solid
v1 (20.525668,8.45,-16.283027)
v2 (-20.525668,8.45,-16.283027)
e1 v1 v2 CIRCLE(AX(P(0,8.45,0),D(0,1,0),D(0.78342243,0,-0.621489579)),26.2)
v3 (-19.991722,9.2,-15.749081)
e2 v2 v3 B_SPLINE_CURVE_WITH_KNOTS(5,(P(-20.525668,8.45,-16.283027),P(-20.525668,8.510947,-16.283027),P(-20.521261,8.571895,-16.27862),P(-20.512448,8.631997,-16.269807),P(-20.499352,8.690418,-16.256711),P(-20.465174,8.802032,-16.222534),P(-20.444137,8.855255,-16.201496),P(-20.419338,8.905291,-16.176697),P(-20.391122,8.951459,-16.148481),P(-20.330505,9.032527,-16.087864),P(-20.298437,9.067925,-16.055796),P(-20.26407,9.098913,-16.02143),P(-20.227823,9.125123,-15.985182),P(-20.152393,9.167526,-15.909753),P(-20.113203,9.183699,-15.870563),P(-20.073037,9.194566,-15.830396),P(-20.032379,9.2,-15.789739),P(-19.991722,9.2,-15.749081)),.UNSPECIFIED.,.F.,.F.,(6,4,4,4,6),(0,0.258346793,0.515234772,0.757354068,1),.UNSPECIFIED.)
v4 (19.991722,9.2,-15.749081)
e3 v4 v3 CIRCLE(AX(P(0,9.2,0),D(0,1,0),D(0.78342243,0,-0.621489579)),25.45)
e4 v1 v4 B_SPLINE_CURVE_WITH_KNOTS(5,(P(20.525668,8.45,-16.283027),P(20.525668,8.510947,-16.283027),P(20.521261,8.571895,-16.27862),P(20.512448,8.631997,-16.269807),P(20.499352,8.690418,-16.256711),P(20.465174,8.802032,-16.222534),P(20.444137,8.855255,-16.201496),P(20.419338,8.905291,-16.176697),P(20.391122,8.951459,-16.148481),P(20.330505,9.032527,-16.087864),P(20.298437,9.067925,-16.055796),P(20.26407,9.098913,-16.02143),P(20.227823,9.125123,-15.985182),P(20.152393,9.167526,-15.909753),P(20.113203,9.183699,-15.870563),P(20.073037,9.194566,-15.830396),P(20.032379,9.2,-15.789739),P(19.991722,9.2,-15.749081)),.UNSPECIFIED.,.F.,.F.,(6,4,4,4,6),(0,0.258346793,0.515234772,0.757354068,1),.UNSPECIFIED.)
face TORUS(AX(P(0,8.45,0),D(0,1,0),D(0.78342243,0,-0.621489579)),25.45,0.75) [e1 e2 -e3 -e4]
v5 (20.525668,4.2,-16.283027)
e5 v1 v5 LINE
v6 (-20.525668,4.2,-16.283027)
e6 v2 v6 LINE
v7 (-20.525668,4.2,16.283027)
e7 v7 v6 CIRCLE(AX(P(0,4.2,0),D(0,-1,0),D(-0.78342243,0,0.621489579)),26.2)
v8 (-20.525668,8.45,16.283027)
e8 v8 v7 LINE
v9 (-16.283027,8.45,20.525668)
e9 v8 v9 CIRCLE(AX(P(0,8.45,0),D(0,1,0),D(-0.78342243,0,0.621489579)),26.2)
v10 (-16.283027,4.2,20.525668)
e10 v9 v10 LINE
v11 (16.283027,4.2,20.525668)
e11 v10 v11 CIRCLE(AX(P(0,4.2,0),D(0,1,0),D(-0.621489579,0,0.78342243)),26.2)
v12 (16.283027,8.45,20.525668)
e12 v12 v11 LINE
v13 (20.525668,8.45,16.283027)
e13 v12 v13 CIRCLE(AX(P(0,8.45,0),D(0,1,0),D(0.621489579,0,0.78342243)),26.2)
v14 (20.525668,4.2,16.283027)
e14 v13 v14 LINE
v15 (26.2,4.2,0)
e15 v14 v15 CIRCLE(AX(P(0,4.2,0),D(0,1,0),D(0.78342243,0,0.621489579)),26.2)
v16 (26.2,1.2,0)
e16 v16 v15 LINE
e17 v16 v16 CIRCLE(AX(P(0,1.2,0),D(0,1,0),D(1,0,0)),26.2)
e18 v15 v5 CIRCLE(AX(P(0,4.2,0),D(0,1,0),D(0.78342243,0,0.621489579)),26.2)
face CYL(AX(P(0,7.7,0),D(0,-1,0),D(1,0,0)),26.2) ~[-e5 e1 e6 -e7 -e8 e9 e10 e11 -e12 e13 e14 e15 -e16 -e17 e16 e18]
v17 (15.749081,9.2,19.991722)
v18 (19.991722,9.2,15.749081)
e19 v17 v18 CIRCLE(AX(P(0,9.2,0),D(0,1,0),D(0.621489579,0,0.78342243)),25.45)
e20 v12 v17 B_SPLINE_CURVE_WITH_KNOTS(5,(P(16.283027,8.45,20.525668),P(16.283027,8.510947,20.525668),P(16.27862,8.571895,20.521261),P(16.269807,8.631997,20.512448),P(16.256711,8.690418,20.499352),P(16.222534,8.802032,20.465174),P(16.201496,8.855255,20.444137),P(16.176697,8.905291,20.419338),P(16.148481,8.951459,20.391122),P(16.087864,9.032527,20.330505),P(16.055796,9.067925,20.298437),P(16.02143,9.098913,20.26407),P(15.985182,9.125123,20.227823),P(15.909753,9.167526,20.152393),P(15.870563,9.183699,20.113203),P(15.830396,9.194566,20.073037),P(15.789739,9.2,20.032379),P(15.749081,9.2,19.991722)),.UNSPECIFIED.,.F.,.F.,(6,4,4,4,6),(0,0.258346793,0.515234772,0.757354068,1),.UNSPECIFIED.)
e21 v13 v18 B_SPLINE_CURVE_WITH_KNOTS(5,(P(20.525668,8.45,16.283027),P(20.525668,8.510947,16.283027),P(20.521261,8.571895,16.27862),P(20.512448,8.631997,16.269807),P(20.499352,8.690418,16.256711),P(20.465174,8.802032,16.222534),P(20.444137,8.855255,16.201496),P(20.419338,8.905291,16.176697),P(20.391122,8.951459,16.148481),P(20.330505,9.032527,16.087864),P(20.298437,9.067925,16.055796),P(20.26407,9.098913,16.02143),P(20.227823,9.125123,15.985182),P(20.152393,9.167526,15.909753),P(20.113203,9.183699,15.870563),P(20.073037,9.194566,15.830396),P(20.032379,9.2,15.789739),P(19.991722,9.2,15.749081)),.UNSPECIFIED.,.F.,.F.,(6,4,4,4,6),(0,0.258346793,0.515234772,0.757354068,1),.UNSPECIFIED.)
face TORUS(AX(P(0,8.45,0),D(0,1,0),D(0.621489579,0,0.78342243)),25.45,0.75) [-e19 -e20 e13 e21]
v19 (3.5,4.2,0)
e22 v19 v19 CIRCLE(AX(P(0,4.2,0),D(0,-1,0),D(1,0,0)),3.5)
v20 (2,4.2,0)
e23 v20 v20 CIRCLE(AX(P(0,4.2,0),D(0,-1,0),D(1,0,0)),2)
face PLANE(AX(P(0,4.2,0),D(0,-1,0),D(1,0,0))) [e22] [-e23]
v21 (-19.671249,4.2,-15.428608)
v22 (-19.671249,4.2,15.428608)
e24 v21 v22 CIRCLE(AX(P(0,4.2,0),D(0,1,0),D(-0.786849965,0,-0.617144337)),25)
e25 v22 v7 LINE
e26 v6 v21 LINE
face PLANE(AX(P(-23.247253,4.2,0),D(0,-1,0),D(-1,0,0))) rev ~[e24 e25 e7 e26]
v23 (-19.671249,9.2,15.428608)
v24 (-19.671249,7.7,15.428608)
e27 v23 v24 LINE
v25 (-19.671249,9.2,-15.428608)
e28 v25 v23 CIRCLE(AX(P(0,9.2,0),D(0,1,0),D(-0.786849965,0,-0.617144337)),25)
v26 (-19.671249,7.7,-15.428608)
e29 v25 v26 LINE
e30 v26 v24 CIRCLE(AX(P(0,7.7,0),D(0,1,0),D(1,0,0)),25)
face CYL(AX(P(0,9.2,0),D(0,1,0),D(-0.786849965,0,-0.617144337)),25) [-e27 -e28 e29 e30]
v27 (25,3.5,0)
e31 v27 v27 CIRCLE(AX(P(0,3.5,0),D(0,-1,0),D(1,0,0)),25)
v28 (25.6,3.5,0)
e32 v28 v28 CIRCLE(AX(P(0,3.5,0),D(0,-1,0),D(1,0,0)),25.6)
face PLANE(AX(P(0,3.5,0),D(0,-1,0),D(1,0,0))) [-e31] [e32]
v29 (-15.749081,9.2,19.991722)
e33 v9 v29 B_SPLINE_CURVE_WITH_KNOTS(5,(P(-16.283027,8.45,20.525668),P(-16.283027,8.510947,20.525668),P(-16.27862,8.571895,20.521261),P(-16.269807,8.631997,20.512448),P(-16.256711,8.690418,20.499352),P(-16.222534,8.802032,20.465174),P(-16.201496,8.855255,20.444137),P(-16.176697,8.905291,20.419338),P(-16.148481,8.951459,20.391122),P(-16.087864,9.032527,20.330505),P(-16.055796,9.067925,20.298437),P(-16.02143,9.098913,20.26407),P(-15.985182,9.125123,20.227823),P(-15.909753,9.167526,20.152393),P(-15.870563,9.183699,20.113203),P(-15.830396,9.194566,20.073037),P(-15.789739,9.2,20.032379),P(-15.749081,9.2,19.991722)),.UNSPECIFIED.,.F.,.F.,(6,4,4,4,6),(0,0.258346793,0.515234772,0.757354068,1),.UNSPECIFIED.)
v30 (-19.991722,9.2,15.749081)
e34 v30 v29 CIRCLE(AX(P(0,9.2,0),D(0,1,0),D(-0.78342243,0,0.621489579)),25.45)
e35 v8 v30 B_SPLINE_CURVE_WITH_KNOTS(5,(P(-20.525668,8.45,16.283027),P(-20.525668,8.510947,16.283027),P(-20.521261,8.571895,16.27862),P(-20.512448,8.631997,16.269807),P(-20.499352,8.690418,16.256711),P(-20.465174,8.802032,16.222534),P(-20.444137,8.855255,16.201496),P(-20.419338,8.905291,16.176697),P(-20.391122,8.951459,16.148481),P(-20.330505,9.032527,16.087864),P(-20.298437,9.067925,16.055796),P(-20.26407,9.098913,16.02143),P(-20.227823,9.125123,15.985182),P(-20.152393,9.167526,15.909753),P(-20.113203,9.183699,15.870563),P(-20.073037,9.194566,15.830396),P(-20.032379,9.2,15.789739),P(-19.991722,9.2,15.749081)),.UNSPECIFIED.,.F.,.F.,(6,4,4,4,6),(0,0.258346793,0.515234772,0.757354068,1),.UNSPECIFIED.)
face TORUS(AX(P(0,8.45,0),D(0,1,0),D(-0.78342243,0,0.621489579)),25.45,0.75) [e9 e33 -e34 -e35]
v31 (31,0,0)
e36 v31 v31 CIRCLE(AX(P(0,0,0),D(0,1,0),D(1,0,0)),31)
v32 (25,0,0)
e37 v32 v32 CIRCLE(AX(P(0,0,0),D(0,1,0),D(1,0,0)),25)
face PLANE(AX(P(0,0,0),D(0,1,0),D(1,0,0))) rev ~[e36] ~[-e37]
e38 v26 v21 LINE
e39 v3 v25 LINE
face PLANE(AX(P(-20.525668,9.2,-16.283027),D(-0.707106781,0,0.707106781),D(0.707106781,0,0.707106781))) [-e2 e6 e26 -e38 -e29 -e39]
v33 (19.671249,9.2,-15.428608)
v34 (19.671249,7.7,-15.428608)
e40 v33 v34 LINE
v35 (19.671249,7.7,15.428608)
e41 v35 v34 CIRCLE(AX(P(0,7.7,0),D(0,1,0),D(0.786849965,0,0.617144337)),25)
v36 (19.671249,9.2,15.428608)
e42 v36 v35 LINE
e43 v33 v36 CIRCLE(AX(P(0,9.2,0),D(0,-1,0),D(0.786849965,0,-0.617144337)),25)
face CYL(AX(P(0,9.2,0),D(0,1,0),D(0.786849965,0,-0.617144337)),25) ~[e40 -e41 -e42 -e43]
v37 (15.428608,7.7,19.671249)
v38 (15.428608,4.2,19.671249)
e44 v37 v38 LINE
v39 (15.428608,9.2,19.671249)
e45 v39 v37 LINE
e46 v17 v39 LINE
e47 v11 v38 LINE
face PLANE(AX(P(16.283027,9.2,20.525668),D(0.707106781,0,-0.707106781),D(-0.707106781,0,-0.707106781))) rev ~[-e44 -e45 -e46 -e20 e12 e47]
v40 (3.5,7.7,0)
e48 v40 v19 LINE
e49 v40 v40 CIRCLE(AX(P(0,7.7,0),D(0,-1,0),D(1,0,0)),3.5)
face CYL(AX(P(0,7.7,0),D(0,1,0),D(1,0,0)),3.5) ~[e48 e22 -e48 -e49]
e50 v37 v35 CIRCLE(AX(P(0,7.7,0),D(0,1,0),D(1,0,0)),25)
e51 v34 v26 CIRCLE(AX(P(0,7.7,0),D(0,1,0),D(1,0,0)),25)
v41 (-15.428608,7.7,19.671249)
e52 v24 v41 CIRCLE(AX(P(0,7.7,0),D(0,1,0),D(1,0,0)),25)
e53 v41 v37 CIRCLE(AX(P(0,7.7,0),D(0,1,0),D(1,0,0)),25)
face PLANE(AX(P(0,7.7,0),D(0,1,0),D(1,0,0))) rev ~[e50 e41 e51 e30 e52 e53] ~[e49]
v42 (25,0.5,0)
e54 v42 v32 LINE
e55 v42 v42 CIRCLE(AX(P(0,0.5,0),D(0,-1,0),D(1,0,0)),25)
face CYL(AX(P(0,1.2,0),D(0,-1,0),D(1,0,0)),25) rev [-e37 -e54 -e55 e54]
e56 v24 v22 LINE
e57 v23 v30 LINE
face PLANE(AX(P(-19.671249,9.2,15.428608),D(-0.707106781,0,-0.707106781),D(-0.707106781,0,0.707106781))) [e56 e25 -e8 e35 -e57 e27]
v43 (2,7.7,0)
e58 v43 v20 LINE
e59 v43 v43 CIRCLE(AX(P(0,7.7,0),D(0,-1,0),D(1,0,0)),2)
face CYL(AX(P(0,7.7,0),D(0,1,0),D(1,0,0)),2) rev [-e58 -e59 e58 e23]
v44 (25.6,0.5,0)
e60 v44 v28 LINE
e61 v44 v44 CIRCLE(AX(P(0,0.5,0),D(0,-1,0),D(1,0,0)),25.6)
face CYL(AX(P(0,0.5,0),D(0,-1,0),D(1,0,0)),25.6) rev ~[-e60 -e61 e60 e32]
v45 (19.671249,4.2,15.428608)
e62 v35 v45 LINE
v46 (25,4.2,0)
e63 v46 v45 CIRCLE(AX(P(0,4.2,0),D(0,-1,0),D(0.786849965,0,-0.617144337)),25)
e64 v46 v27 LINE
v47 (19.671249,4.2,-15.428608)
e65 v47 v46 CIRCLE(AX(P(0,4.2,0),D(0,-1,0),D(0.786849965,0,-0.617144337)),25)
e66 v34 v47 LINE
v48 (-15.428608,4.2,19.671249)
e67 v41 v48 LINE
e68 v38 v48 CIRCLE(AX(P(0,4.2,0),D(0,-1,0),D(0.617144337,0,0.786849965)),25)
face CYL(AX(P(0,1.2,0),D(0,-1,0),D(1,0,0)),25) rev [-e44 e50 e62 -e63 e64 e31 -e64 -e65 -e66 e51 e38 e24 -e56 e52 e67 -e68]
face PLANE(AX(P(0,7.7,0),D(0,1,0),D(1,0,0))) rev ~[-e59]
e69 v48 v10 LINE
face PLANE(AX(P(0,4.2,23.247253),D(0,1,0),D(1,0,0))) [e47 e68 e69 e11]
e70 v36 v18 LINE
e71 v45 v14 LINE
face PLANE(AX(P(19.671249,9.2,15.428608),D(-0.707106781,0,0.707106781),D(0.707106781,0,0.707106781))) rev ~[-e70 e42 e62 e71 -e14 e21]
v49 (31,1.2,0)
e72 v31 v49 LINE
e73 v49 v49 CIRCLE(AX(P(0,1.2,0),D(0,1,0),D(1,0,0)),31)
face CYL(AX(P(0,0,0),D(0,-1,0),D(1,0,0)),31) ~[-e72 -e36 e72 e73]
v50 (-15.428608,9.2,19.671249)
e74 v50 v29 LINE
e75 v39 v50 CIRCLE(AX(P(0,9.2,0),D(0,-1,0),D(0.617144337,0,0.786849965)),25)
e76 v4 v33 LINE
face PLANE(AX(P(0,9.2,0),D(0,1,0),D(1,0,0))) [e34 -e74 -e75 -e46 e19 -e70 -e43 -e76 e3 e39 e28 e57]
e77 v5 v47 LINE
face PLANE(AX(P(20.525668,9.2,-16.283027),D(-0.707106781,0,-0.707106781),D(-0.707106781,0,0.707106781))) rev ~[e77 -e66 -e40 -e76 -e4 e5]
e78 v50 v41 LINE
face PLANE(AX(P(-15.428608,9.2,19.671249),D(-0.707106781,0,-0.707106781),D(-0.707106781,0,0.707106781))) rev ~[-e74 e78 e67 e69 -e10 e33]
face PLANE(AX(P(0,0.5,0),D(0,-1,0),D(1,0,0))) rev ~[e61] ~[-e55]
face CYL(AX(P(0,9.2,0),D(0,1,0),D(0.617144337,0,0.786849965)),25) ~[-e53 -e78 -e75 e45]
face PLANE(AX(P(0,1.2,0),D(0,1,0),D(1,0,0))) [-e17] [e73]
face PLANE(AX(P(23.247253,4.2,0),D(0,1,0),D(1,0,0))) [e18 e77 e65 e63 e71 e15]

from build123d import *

# Parameters (mm, degrees)
SKETCH1_R           = 31
SKETCH1_R_2         = 25
BOSS_EXTRUDE1_DEPTH = 1.2
SKETCH2_R           = 26.2
SKETCH2_R_2         = 25
BOSS_EXTRUDE2_DEPTH = 6.5
SKETCH3_R           = 26.2
BOSS_EXTRUDE3_DEPTH = 1.5
CUT_EXTRUDE2_DEPTH  = 5
CUT_EXTRUDE3_START  = -0.5
SKETCH7_R           = 25.6
SKETCH7_R_2         = 25
CUT_EXTRUDE3_DEPTH  = 3
FILLET1_R           = 0.75
SKETCH8_R           = 3.5
SKETCH8_R_2         = 2
BOSS_EXTRUDE4_DEPTH = 3.5


with BuildPart() as part:
    # Sketch1 → Boss-Extrude1 (new body)
    with BuildSketch(Plane(origin=(0, 0, 0), x_dir=(1, 0, 0), z_dir=(0, 1, 0))):
        Circle(SKETCH1_R)
        Circle(SKETCH1_R_2, mode=Mode.SUBTRACT)
    extrude(amount=BOSS_EXTRUDE1_DEPTH)

    # Sketch2 → Boss-Extrude2 (add)
    with BuildSketch(Plane(origin=(0, 1.2, 0), x_dir=(1, 0, 0), z_dir=(0, 1, 0))):
        Circle(SKETCH2_R)
        Circle(SKETCH2_R_2, mode=Mode.SUBTRACT)
    extrude(amount=BOSS_EXTRUDE2_DEPTH)

    # Sketch3 → Boss-Extrude3 (add)
    with BuildSketch(Plane(origin=(0, 7.7, 0), x_dir=(1, 0, 0), z_dir=(0, 1, 0))):
        Circle(SKETCH3_R)
    extrude(amount=BOSS_EXTRUDE3_DEPTH)

    # Sketch5 → Cut-Extrude2 (cut)
    with BuildSketch(Plane(origin=(0, 9.2, 0), x_dir=(1, 0, 0), z_dir=(0, 1, 0))):
        with BuildLine():
            Line((20.525667656, 16.283026969), (19.671249118, 15.428608431))
            ThreePointArc((19.671249118, 15.428608431), (25, 0), (19.671249118, -15.428608431))
            Line((19.671249118, -15.428608431), (20.525667656, -16.283026969))
            ThreePointArc((20.525667656, -16.283026969), (26.2, 0), (20.525667656, 16.283026969))
        make_face()
        with BuildLine():
            Line((16.283026969, -20.525667656), (15.428608431, -19.671249118))
            ThreePointArc((15.428608431, -19.671249118), (0, -25), (-15.428608431, -19.671249118))
            Line((-15.428608431, -19.671249118), (-16.283026969, -20.525667656))
            ThreePointArc((-16.283026969, -20.525667656), (0, -26.2), (16.283026969, -20.525667656))
        make_face()
        with BuildLine():
            Line((-19.671249118, -15.428608431), (-20.525667656, -16.283026969))
            ThreePointArc((-20.525667656, -16.283026969), (-26.2, 0), (-20.525667656, 16.283026969))
            Line((-20.525667656, 16.283026969), (-19.671249118, 15.428608431))
            ThreePointArc((-19.671249118, 15.428608431), (-25, 0), (-19.671249118, -15.428608431))
        make_face()
    extrude(amount=-CUT_EXTRUDE2_DEPTH, mode=Mode.SUBTRACT)

    # Sketch7 → Cut-Extrude3 (cut)
    with BuildSketch(Plane.XZ.offset(CUT_EXTRUDE3_START)):
        Circle(SKETCH7_R)
        Circle(SKETCH7_R_2, mode=Mode.SUBTRACT)
    extrude(amount=-CUT_EXTRUDE3_DEPTH, mode=Mode.SUBTRACT)

    # Fillet1
    fillet1_edges = [part.edges().sort_by_distance(p)[0] for p in [
        (18.526197667, 9.2, 18.526197667),
        (0, 9.2, -26.2),
        (-18.526197667, 9.2, 18.526197667),
    ]]
    fillet(fillet1_edges, radius=FILLET1_R)

    # Sketch8 → Boss-Extrude4 (add)
    with BuildSketch(Plane.XZ.offset(-7.7)):
        Circle(SKETCH8_R)
        Circle(SKETCH8_R_2, mode=Mode.SUBTRACT)
    extrude(amount=BOSS_EXTRUDE4_DEPTH)


solid = part.part
